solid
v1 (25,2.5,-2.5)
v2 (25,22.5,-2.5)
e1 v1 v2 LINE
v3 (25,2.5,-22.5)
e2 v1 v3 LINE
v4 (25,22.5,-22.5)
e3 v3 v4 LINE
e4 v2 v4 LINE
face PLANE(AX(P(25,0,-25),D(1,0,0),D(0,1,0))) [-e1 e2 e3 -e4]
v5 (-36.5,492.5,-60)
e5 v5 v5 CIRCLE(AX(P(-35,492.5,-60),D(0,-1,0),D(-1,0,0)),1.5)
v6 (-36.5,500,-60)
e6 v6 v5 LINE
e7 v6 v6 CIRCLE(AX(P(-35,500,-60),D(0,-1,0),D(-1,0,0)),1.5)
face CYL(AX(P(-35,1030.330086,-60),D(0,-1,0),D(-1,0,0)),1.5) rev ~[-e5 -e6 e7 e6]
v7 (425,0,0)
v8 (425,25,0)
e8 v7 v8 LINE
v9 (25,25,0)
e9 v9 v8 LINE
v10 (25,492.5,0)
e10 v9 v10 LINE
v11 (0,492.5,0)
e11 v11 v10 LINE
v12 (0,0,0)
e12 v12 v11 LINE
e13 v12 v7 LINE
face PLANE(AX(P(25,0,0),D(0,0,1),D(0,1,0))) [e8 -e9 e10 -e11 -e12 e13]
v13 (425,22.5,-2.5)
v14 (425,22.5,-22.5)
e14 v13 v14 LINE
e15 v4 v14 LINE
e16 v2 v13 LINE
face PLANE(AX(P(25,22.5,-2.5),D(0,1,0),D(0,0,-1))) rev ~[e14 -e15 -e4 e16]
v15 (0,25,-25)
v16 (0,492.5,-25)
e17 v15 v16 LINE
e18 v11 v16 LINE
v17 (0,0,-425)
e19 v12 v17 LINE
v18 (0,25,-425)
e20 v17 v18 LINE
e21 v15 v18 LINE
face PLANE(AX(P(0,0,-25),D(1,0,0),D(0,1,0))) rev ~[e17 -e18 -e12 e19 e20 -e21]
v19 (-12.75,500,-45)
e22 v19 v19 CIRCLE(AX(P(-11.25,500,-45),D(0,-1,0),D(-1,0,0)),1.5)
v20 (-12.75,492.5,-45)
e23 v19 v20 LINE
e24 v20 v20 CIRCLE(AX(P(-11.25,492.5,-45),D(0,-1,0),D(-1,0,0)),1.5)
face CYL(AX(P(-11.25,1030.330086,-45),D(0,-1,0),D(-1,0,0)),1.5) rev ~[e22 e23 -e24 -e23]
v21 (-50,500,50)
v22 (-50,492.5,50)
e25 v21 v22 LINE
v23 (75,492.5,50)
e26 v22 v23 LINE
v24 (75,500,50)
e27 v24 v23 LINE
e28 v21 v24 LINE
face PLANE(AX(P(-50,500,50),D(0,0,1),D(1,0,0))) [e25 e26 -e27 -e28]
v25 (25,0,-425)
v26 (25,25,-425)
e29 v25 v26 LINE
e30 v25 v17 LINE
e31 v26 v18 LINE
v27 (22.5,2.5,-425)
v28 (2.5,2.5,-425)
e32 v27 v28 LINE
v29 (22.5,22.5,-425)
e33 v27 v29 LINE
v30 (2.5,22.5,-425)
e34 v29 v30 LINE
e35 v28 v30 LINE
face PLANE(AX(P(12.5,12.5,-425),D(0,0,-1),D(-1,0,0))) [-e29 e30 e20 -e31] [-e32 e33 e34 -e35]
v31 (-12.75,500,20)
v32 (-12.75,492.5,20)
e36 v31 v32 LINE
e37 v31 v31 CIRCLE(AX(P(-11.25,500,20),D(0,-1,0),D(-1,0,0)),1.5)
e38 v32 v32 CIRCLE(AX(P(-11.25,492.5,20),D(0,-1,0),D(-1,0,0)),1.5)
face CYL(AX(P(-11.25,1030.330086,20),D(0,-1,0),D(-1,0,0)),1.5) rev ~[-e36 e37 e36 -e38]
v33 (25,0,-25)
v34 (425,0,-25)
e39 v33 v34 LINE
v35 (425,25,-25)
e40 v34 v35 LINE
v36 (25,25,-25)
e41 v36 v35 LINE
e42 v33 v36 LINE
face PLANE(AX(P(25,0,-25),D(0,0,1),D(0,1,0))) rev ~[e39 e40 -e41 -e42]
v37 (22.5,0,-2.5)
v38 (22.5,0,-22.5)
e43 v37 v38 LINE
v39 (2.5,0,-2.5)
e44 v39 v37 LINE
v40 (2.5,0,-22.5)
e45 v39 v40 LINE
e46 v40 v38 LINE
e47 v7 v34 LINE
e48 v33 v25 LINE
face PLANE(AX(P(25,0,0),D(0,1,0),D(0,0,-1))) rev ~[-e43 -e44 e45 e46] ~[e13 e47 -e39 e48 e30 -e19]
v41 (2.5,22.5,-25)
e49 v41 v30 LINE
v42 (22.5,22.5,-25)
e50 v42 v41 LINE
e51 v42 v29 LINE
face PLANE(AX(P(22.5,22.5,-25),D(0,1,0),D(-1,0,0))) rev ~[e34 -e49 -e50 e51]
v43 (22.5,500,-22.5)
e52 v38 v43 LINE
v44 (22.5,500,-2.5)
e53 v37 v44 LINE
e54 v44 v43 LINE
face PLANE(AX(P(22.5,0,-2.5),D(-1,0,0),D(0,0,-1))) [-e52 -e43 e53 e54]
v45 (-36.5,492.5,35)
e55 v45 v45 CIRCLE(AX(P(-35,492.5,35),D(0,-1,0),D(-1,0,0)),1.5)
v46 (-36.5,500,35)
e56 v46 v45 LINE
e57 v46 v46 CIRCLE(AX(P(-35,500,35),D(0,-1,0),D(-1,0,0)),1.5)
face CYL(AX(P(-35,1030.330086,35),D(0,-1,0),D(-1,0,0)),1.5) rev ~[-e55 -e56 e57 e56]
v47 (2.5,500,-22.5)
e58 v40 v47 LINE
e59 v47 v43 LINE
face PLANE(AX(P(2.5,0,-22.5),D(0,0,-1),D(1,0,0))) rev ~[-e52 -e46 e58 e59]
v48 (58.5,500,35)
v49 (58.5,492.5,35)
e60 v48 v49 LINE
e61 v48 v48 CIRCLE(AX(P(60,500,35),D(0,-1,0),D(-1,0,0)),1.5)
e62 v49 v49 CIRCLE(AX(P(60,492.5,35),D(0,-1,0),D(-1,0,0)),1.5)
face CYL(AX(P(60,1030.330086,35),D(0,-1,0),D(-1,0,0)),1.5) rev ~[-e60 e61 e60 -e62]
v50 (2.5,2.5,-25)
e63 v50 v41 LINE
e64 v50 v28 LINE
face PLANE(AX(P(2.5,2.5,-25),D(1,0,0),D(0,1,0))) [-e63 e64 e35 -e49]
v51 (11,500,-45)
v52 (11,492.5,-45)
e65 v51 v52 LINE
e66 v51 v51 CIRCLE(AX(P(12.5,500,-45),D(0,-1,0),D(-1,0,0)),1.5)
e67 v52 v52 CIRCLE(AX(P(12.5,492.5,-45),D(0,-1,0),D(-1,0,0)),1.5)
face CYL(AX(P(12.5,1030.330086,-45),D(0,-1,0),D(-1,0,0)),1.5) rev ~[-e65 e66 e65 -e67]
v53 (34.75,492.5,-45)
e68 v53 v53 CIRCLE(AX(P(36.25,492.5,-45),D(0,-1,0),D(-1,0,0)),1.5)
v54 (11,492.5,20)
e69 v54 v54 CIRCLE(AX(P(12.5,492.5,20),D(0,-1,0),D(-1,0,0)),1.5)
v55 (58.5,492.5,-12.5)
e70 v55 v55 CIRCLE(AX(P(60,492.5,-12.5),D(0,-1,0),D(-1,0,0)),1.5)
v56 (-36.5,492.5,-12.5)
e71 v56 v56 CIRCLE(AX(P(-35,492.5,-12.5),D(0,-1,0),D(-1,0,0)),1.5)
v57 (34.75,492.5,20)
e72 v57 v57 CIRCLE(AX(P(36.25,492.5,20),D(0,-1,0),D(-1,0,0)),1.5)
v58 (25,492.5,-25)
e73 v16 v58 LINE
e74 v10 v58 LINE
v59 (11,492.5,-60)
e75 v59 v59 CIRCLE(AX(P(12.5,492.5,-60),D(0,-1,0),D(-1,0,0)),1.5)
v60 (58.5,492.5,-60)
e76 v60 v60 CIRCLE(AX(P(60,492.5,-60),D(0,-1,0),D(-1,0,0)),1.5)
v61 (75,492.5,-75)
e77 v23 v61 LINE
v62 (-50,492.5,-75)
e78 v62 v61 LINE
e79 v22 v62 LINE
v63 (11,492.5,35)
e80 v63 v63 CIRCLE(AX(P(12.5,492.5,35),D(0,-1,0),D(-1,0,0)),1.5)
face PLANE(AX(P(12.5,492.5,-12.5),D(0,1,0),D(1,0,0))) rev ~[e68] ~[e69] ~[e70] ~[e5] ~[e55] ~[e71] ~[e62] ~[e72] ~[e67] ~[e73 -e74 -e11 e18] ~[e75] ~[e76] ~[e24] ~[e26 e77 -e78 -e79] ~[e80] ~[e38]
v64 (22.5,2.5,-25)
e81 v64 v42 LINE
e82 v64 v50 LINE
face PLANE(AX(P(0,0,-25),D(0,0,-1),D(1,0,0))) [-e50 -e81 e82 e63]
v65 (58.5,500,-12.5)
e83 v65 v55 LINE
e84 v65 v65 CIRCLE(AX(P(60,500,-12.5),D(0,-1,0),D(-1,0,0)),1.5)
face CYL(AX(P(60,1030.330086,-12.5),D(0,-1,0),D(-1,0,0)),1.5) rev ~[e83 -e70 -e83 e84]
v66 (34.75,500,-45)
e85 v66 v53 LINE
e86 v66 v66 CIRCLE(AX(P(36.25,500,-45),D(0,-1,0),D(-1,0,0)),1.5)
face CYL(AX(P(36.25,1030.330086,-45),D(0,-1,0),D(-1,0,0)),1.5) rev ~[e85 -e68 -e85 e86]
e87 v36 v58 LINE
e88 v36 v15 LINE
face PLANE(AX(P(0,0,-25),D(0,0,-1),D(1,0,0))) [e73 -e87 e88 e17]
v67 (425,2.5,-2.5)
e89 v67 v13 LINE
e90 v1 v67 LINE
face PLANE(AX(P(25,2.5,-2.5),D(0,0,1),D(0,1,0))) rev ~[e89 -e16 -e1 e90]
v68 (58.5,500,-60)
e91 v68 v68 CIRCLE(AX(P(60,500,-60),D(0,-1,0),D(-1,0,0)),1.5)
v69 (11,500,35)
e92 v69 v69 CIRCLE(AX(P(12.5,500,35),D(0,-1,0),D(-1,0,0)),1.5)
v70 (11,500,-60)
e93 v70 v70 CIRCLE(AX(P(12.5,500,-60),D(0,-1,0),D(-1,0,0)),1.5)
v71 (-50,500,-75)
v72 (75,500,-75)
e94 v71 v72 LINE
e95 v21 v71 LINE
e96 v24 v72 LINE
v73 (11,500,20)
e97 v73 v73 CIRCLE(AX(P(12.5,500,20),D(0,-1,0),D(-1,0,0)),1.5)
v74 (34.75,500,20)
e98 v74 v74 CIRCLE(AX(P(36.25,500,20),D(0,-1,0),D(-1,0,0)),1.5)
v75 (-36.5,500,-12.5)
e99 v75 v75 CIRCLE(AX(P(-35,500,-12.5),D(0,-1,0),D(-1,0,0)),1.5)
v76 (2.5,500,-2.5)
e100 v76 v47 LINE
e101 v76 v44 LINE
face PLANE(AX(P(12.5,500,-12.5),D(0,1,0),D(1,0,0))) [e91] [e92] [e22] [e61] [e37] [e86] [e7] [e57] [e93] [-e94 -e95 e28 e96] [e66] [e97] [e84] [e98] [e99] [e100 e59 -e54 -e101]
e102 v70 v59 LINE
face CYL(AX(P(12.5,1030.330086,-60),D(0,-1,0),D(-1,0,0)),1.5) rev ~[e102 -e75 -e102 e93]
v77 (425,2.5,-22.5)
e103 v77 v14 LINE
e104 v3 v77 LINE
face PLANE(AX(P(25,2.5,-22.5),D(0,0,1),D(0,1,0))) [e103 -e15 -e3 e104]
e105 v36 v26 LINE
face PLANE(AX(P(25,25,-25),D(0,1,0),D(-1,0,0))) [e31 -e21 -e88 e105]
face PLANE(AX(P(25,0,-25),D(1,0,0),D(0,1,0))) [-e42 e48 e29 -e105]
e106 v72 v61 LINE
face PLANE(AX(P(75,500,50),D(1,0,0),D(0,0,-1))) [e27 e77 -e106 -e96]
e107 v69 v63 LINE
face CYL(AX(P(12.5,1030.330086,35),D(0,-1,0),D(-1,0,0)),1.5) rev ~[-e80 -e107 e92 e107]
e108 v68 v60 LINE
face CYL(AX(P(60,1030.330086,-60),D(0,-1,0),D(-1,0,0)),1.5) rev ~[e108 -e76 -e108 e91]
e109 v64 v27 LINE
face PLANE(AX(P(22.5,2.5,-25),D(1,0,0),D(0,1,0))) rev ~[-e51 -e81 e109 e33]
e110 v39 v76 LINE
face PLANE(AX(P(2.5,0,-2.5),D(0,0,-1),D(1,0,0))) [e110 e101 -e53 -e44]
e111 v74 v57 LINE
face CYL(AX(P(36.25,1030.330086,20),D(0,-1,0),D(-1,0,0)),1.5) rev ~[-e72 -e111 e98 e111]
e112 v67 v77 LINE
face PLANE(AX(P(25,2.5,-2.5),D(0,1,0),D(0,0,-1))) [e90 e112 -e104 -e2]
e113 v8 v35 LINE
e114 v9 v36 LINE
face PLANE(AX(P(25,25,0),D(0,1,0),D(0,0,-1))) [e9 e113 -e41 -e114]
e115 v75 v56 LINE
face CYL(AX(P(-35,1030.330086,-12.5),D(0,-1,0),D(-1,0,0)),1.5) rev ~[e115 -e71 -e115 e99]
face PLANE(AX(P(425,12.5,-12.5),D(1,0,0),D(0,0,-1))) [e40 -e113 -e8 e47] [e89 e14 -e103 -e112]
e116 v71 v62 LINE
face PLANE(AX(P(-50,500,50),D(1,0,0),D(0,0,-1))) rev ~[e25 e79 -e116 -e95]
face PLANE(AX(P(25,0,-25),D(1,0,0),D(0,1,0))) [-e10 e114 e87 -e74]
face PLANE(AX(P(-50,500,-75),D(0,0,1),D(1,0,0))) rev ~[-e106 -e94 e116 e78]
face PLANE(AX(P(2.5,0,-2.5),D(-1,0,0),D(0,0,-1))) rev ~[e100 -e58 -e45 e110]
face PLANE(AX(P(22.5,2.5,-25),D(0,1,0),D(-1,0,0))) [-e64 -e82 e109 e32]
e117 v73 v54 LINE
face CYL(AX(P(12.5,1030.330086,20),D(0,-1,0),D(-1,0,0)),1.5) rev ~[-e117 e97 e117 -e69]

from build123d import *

# Parameters (mm, degrees)
SKETCH1_W             = 25
SKETCH1_H             = 25
SKETCH1_W_2           = 20
SKETCH1_H_2           = 20
BOSS_EXTRUDE1_DEPTH   = 500
SKETCH2_W             = 125
SKETCH2_H             = 125
SKETCH2_W_2           = 25
SKETCH2_H_2           = 25
BOSS_EXTRUDE2_DEPTH   = 7.5
F_3_0MM_DOWEL_HOLE1_D = 3
SKETCH7_W             = 25
SKETCH7_H             = 25
SKETCH7_W_2           = 20
SKETCH7_H_2           = 20
BOSS_EXTRUDE3_DEPTH   = 400
SKETCH8_W             = 25
SKETCH8_H             = 25
SKETCH8_W_2           = 20
SKETCH8_H_2           = 20
BOSS_EXTRUDE4_DEPTH   = 400


with BuildPart() as part:
    # Sketch1 → Boss-Extrude1 (new body)
    with BuildSketch(Plane(origin=(0, 0, 0), x_dir=(1, 0, 0), z_dir=(0, 1, 0))):
        with Locations((12.5, 12.5)):
            Rectangle(SKETCH1_W, SKETCH1_H)
        with Locations((12.5, 12.5)):
            Rectangle(SKETCH1_W_2, SKETCH1_H_2, mode=Mode.SUBTRACT)
    extrude(amount=BOSS_EXTRUDE1_DEPTH)

    # Sketch2 → Boss-Extrude2 (add)
    with BuildSketch(Plane(origin=(0, 500, 0), x_dir=(1, 0, 0), z_dir=(0, 1, 0))):
        with Locations((12.5, 12.5)):
            Rectangle(SKETCH2_W, SKETCH2_H)
        with Locations((12.5, 12.5)):
            Rectangle(SKETCH2_W_2, SKETCH2_H_2, mode=Mode.SUBTRACT)
    extrude(amount=-BOSS_EXTRUDE2_DEPTH)

    # Ø3.0mm Dowel Hole1 (through all)
    with Locations(Plane(origin=(0, 500, 0), x_dir=(1, 0, 0), z_dir=(0, 1, 0))):
        with Locations((-35, 60), (12.5, 60), (60, 60), (60, 12.5), (60, -35), (12.5, -35), (-35, -35), (-35, 12.5), (12.5, 45), (12.5, -20), (-11.25, 45), (36.25, 45), (-11.25, -20), (36.25, -20)):
            Hole(F_3_0MM_DOWEL_HOLE1_D / 2)

    # Sketch7 → Boss-Extrude3 (add)
    with BuildSketch(Plane(origin=(0, 0, -25), x_dir=(-1, 0, 0), z_dir=(0, 0, -1))):
        with Locations((-12.5, 12.5)):
            Rectangle(SKETCH7_W, SKETCH7_H)
        with Locations((-12.5, 12.5)):
            Rectangle(SKETCH7_W_2, SKETCH7_H_2, mode=Mode.SUBTRACT)
    extrude(amount=BOSS_EXTRUDE3_DEPTH)

    # Sketch8 → Boss-Extrude4 (add)
    with BuildSketch(Plane(origin=(25, 0, 0), x_dir=(0, 0, -1), z_dir=(1, 0, 0))):
        with Locations((12.5, 12.5)):
            Rectangle(SKETCH8_W, SKETCH8_H)
        with Locations((12.5, 12.5)):
            Rectangle(SKETCH8_W_2, SKETCH8_H_2, mode=Mode.SUBTRACT)
    extrude(amount=BOSS_EXTRUDE4_DEPTH)


solid = part.part
